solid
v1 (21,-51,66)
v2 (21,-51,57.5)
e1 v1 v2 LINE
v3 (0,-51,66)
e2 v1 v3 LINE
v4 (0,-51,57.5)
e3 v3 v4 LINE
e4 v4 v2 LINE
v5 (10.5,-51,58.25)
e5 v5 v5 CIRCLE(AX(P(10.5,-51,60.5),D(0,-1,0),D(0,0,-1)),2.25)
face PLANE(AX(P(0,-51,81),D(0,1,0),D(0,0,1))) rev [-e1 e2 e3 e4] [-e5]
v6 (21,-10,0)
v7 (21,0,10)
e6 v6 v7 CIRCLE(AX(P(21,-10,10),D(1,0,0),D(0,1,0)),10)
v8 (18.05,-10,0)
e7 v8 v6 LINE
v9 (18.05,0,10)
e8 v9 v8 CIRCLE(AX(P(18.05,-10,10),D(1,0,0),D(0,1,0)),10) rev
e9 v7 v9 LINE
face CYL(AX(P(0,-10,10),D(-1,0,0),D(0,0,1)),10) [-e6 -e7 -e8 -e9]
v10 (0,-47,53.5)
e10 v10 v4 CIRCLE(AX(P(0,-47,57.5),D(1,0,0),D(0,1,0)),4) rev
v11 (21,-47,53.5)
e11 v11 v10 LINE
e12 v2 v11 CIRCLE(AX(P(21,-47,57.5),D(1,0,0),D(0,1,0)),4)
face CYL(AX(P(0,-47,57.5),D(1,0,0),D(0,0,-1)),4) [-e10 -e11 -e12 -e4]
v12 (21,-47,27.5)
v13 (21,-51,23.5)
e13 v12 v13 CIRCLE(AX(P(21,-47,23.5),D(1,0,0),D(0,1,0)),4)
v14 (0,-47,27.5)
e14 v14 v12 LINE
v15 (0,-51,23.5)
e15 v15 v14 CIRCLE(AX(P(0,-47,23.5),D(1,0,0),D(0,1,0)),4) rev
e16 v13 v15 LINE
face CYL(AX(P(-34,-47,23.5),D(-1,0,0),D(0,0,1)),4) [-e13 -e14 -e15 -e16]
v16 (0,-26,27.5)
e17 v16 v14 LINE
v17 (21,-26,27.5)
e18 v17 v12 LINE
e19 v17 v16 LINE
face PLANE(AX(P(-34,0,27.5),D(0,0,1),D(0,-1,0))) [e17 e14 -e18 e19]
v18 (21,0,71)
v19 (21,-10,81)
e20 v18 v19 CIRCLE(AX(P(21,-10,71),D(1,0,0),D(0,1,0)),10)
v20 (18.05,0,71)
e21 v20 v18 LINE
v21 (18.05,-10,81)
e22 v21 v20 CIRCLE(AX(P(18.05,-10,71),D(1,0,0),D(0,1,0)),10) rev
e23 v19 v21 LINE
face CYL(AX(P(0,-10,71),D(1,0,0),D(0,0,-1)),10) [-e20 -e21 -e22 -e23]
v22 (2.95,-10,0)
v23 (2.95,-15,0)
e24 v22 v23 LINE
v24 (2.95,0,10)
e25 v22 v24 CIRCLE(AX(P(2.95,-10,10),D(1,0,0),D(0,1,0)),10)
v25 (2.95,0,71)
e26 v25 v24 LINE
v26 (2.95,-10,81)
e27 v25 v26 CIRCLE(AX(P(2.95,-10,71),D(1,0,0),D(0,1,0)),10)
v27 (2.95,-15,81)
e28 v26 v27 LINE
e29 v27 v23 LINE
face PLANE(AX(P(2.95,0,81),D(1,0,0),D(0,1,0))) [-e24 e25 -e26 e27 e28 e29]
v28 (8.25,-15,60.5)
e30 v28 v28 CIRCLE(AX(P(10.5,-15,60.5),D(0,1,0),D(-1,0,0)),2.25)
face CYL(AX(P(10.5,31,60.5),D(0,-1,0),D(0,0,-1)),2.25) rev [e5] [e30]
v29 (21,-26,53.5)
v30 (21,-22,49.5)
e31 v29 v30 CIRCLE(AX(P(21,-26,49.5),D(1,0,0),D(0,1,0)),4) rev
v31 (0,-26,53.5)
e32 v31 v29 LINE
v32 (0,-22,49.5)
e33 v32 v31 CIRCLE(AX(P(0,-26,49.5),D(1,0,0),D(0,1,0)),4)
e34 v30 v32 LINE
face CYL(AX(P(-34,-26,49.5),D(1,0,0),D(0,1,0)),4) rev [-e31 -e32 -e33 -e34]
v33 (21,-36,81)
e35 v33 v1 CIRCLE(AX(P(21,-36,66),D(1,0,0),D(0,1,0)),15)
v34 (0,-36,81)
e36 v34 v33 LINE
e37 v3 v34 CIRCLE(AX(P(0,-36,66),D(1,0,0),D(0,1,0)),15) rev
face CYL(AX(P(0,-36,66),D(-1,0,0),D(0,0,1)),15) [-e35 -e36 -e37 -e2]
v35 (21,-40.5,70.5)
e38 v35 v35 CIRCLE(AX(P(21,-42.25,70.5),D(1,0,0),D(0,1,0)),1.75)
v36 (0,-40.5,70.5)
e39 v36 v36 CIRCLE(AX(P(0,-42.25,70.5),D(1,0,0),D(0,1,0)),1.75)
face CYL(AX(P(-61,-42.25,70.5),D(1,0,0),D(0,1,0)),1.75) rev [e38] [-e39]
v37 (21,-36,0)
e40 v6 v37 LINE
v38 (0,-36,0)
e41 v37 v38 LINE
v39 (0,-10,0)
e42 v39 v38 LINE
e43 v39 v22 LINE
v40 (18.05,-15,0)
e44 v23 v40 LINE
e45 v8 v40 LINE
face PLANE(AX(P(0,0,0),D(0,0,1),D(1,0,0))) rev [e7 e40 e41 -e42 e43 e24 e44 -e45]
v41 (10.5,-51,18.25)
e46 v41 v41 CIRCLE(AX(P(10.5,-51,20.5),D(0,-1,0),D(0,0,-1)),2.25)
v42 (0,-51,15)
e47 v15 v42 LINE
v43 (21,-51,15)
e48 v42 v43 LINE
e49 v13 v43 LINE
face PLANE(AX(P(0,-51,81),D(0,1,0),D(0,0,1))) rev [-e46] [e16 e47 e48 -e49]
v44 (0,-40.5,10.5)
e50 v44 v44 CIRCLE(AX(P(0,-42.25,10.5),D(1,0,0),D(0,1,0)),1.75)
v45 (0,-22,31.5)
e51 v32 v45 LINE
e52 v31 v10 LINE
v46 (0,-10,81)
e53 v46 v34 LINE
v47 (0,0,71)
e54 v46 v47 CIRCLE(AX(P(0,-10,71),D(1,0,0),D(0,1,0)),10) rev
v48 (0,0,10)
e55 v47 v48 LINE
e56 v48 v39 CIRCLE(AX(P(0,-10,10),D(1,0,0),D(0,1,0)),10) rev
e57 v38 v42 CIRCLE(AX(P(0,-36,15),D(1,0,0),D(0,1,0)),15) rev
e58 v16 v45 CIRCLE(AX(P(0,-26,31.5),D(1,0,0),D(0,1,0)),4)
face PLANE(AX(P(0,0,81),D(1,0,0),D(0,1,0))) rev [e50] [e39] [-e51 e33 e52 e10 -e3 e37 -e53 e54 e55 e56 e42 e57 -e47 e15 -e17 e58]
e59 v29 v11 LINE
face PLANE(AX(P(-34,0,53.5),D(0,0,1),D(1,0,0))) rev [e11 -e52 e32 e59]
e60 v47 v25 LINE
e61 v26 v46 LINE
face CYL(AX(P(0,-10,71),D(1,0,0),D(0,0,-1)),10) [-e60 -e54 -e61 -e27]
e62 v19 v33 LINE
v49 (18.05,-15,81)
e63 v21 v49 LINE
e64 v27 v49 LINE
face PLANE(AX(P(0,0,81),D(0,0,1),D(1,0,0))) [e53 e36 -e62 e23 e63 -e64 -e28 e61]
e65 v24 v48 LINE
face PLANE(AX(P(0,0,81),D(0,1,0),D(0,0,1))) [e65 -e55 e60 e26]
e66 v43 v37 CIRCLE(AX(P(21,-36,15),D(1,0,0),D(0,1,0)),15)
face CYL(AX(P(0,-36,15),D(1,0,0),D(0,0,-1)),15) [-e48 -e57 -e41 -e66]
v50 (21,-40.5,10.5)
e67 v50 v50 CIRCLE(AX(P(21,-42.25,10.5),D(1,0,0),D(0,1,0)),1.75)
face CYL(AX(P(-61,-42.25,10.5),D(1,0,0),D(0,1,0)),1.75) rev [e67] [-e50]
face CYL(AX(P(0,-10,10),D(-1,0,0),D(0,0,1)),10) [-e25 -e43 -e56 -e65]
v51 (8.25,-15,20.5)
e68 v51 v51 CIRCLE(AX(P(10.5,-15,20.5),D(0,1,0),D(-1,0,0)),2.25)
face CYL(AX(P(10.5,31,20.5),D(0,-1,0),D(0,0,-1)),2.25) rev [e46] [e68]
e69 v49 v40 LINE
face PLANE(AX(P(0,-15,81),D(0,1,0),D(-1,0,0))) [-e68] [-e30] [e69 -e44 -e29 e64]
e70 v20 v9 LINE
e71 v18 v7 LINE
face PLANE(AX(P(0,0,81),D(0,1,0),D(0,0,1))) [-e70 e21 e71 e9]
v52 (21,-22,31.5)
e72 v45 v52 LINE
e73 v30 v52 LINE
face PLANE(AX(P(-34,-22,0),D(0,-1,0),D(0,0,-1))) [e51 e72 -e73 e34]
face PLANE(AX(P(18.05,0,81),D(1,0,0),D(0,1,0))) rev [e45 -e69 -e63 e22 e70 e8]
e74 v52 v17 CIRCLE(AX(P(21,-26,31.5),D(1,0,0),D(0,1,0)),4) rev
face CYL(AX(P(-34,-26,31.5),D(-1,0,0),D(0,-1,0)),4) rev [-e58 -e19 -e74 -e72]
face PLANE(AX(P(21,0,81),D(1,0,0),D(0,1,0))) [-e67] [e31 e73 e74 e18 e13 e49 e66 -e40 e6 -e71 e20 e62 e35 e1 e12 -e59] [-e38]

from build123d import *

# Parameters (mm, degrees)
EXTRUDE_1_DEPTH     = 81
SKETCH_2_R          = 2.25
CUT_EXTRUDE_1_DEPTH = 82
SKETCH_3_R          = 1.75
CUT_EXTRUDE_2_DEPTH = 82
FILLET_1_R          = 10
FILLET_3_R          = 15
SKETCH_6_W          = 13
SKETCH_6_H          = 29
CUT_EXTRUDE_3_DEPTH = 55
FILLET_4_R          = 4


with BuildPart() as part:
    # 草图1 → 凸台-拉伸1 (new body)
    with BuildSketch(Plane.XY):
        Polygon((18.05, -15), (10.5, -15), (10.5, -51), (21, -51), (21, 0), (18.05, 0), align=None)
        Polygon((10.5, -51), (10.5, -15), (2.95, -15), (2.95, 0), (0, 0), (0, -51), align=None)
    extrude(amount=EXTRUDE_1_DEPTH)

    # 草图2 → 切除-拉伸1 (cut)
    with BuildSketch(Plane.XZ.offset(51)):
        with Locations(Location((10.5, 20.5, 0), (0, 0, 270))):
            Circle(SKETCH_2_R)
        with Locations(Location((10.5, 60.5, 0), (0, 0, 270))):
            Circle(SKETCH_2_R)
    extrude(amount=-CUT_EXTRUDE_1_DEPTH, mode=Mode.SUBTRACT)

    # 草图3 → 切除-拉伸2 (cut)
    with BuildSketch(Plane(origin=(21, 0, 0), x_dir=(0, 0, -1), z_dir=(1, 0, 0))):
        with Locations(Location((-70.5, -42.25, 0), (0, 0, 90))):
            Circle(SKETCH_3_R)
        with Locations(Location((-10.5, -42.25, 0), (0, 0, 90))):
            Circle(SKETCH_3_R)
    extrude(amount=-CUT_EXTRUDE_2_DEPTH, mode=Mode.SUBTRACT)

    # 圆角1
    fillet_1_edges = [part.edges().sort_by_distance(p)[0] for p in [
        (19.525, 0, 0),
        (1.475, 0, 0),
        (1.475, 0, 81),
        (19.525, 0, 81),
    ]]
    fillet(fillet_1_edges, radius=FILLET_1_R)

    # 圆角3
    fillet_3_edges = [part.edges().sort_by_distance(p)[0] for p in [
        (10.5, -51, 0),
        (10.5, -51, 81),
    ]]
    fillet(fillet_3_edges, radius=FILLET_3_R)

    # 草图6 → 切除-拉伸3 (cut)
    with BuildSketch(Plane(origin=(21, 0, 0), x_dir=(0, 0, -1), z_dir=(1, 0, 0))):
        with Locations((-34, -36.5)):
            Rectangle(SKETCH_6_W, SKETCH_6_H)
        with Locations((-47, -36.5)):
            Rectangle(SKETCH_6_W, SKETCH_6_H)
    extrude(amount=-CUT_EXTRUDE_3_DEPTH, mode=Mode.SUBTRACT)

    # 圆角4
    fillet_4_edges = [part.edges().sort_by_distance(p)[0] for p in [
        (10.5, -22, 53.5),
        (10.5, -22, 27.5),
        (10.5, -51, 27.5),
        (10.5, -51, 53.5),
    ]]
    fillet(fillet_4_edges, radius=FILLET_4_R)


solid = part.part
